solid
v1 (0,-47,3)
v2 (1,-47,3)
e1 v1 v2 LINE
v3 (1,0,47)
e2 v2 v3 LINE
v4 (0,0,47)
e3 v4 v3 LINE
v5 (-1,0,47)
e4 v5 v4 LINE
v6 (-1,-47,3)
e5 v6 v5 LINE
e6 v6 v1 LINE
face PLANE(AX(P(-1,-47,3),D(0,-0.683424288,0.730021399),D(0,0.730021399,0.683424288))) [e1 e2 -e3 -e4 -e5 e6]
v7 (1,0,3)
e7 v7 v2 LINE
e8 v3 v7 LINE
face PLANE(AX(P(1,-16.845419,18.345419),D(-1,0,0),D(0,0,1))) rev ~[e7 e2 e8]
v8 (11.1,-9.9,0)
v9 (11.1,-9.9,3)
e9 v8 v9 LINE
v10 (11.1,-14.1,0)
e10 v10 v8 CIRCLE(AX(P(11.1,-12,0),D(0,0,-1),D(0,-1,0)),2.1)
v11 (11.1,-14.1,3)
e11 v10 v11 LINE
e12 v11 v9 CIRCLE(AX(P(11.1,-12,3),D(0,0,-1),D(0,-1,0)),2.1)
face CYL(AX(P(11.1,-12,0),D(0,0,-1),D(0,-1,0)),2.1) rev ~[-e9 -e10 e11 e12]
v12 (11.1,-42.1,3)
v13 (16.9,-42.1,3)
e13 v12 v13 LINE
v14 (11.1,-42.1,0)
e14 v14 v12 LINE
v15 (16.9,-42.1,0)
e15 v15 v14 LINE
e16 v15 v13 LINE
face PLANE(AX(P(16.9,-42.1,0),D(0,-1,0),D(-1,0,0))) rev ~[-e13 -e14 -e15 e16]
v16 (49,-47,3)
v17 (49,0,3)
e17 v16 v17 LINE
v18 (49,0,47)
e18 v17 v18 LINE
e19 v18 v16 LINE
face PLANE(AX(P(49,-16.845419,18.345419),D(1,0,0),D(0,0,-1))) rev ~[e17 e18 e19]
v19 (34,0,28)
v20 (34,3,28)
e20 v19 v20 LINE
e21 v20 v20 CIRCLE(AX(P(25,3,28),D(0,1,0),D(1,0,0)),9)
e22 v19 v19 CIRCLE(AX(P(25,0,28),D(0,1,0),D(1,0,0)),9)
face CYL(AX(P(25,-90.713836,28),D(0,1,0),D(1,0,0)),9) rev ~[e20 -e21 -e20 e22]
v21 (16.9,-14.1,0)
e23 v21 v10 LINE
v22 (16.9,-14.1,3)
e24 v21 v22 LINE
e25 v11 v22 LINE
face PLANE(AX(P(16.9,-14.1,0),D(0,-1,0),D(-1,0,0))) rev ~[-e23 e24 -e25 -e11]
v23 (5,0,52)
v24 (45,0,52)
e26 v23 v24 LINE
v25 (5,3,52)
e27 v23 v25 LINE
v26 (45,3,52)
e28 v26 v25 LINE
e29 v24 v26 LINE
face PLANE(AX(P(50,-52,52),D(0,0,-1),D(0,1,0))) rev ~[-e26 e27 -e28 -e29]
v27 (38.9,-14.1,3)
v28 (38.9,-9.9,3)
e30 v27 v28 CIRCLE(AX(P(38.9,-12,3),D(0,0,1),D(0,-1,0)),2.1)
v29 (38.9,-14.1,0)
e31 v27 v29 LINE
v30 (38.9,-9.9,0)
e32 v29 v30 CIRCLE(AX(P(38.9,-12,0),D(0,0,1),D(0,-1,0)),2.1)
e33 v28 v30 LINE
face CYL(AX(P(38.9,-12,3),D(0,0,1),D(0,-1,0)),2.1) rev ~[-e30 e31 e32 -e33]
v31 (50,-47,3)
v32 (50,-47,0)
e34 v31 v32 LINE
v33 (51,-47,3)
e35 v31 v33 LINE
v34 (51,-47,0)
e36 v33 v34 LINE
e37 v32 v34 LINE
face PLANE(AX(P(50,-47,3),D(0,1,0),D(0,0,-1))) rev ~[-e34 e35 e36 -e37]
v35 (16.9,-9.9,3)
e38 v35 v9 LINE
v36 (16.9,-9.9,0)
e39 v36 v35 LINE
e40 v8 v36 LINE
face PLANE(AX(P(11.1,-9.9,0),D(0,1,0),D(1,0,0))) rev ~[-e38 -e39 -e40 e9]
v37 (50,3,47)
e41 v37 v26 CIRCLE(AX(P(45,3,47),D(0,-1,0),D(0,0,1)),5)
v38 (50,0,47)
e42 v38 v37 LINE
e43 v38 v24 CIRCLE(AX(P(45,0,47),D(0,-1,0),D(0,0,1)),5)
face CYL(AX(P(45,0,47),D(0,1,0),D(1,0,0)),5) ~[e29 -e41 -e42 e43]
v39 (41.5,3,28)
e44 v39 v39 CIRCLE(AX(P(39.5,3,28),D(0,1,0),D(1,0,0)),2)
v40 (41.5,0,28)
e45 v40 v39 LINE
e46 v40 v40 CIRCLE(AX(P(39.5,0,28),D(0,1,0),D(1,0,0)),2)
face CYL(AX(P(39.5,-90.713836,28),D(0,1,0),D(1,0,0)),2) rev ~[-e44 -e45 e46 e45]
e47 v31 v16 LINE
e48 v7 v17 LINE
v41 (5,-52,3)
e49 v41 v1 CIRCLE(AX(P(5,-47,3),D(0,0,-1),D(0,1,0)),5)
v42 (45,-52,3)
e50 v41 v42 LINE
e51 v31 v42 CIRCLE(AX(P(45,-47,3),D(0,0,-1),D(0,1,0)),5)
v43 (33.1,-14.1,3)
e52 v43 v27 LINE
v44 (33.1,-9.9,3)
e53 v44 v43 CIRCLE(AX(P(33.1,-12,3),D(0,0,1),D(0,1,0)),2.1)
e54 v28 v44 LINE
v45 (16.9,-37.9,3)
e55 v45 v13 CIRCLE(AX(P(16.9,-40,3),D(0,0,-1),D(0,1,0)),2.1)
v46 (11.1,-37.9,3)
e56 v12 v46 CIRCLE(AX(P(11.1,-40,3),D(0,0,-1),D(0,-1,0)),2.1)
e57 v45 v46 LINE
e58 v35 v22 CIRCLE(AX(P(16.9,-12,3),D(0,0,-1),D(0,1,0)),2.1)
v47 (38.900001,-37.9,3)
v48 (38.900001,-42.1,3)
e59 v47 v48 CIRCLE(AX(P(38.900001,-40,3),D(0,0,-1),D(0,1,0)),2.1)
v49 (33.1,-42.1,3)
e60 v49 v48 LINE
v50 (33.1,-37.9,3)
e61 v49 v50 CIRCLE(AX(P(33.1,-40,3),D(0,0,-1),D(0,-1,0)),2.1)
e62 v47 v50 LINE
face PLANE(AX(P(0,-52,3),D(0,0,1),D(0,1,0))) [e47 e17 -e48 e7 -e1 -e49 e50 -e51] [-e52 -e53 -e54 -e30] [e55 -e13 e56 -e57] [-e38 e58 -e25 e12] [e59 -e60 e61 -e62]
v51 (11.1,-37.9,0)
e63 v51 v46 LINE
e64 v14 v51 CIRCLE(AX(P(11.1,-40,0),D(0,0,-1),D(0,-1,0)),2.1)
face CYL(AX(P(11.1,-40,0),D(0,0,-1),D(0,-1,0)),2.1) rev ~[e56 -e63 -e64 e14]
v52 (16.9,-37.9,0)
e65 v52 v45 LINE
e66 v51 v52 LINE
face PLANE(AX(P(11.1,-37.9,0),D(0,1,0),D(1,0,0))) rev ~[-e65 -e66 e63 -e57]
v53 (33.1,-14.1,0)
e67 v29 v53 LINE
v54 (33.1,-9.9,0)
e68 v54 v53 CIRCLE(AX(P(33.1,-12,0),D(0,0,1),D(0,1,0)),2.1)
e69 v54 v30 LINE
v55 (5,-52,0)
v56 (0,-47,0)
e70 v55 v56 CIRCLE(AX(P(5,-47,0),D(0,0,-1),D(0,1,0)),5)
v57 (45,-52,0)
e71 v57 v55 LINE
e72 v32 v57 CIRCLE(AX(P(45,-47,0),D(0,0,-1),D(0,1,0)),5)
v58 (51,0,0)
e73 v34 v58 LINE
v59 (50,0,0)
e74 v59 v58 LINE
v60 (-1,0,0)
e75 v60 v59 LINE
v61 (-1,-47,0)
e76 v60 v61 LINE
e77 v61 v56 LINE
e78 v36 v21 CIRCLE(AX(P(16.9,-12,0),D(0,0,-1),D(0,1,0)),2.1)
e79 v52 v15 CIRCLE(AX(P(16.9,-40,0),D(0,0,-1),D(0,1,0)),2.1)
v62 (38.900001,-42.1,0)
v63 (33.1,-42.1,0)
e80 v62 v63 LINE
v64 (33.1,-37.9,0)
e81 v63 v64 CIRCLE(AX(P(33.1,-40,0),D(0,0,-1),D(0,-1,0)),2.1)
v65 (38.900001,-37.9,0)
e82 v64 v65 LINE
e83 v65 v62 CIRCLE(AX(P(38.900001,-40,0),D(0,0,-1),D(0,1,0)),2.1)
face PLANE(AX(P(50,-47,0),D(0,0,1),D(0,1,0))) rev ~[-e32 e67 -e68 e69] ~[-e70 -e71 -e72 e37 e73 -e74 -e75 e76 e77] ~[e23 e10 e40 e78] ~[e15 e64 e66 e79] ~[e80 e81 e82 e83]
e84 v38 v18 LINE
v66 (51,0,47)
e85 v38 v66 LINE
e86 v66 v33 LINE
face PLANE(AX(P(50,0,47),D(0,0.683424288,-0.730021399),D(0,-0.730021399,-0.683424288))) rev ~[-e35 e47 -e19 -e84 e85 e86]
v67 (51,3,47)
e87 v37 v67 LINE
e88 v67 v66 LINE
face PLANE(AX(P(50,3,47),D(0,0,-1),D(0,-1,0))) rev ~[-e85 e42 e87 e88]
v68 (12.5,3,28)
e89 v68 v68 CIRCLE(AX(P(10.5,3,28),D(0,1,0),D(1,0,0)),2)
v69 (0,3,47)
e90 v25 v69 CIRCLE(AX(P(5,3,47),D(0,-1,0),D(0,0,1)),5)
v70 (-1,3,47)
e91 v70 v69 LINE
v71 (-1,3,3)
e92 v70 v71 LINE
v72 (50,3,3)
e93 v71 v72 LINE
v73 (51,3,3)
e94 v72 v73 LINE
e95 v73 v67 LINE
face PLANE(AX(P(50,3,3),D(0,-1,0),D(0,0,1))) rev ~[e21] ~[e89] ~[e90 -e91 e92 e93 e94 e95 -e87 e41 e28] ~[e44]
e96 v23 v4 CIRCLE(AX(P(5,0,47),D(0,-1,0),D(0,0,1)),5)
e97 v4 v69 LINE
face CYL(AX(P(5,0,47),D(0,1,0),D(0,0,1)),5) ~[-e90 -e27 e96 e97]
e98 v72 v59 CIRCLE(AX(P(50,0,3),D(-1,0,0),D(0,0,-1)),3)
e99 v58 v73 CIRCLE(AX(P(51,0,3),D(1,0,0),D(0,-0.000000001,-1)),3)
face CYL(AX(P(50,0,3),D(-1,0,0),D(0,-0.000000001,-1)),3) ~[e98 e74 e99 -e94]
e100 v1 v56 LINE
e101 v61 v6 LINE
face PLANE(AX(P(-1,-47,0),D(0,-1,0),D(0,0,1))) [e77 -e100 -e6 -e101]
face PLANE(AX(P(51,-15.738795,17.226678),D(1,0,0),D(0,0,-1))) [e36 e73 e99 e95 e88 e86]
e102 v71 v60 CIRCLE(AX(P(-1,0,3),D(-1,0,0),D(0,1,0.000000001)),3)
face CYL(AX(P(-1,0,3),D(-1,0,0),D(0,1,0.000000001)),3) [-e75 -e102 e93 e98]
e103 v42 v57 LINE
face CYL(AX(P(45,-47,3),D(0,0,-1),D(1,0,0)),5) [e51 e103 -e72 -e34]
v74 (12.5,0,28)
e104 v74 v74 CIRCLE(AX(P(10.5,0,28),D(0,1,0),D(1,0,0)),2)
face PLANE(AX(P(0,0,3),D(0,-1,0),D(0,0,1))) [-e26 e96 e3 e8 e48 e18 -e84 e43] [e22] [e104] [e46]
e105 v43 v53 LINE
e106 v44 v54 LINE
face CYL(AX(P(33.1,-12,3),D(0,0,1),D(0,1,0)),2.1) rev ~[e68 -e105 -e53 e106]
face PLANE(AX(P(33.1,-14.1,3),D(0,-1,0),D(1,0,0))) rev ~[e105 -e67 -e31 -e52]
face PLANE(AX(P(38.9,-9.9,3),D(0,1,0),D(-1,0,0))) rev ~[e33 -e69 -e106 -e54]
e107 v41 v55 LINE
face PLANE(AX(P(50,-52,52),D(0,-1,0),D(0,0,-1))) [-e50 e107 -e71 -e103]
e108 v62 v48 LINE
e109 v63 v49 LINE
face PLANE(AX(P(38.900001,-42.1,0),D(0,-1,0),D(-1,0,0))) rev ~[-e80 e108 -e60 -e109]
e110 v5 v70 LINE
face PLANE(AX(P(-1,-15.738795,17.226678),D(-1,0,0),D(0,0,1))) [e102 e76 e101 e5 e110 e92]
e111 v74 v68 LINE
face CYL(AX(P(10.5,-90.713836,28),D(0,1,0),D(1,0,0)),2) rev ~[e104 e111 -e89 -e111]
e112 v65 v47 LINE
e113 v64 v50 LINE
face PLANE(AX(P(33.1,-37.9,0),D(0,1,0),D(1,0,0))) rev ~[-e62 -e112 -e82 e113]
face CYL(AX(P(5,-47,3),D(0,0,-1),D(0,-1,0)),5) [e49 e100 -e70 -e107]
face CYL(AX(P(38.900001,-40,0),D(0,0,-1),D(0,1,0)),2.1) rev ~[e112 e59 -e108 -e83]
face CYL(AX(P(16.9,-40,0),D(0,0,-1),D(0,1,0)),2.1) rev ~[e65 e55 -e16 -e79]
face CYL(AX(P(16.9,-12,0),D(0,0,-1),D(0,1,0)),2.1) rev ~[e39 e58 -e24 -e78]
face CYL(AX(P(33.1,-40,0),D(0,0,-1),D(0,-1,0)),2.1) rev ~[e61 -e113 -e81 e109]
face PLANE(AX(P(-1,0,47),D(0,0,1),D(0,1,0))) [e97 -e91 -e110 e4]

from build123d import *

# Parameters (mm, degrees)
SKETCH1_W                  = 52
SKETCH1_H                  = 55
BOSS_EXTRUDE1_DEPTH        = 50
SKETCH2_W                  = 49
SKETCH2_H                  = 52
CUT_EXTRUDE1_DEPTH         = 89.926936302
CUT_EXTRUDE2_DEPTH         = 89.926936302
CUT_EXTRUDE3_DEPTH         = 89.926936302
CUT_EXTRUDE4_DEPTH         = 89.926936302
CUT_EXTRUDE5_DEPTH         = 88.206651122
F_18_0_18_DIAMETER_HOLE1_D = 18
F_4_0_4_DIAMETER_HOLE1_D   = 4
FILLET1_R                  = 3
FILLET2_R                  = 5
BOSS_EXTRUDE2_DEPTH        = 1
BOSS_EXTRUDE3_DEPTH        = 1
BOSS_EXTRUDE4_START        = 1
BOSS_EXTRUDE4_DEPTH        = 1
BOSS_EXTRUDE5_DEPTH        = 1


with BuildPart() as part:
    # Sketch1 → Boss-Extrude1 (new body)
    with BuildSketch(Plane(origin=(50, 0, 0), x_dir=(0, 0, -1), z_dir=(1, 0, 0))):
        with Locations((-26, -24.5)):
            Rectangle(SKETCH1_W, SKETCH1_H)
    extrude(amount=-BOSS_EXTRUDE1_DEPTH)

    # Sketch2 → Cut-Extrude1 (cut, through all)
    with BuildSketch(Plane.ZY):
        with Locations((27.5, -26)):
            Rectangle(SKETCH2_W, SKETCH2_H)
    extrude(amount=-CUT_EXTRUDE1_DEPTH, mode=Mode.SUBTRACT)

    # Sketch3 → Cut-Extrude2 (cut, through all)
    with BuildSketch(Plane(origin=(0, 0, 0), x_dir=(-1, 0, 0), z_dir=(0, 0, -1))):
        with BuildLine():
            Line((-33.1, -37.9), (-38.900000611, -37.9))
            ThreePointArc((-38.900000611, -37.9), (-41.000000611, -40), (-38.900000611, -42.1))
            Line((-38.900000611, -42.1), (-33.1, -42.1))
            ThreePointArc((-33.1, -42.1), (-31, -40), (-33.1, -37.9))
        make_face()
    extrude(amount=-CUT_EXTRUDE2_DEPTH, mode=Mode.SUBTRACT)

    # Sketch4 → Cut-Extrude3 (cut, through all)
    with BuildSketch(Plane(origin=(0, 0, 0), x_dir=(-1, 0, 0), z_dir=(0, 0, -1))):
        with BuildLine():
            Line((-16.9, -14.1), (-11.1, -14.1))
            ThreePointArc((-11.1, -14.1), (-9, -12), (-11.1, -9.9))
            Line((-11.1, -9.9), (-16.9, -9.9))
            ThreePointArc((-16.9, -9.9), (-19, -12), (-16.9, -14.1))
        make_face()
    extrude(amount=-CUT_EXTRUDE3_DEPTH, mode=Mode.SUBTRACT)

    # Sketch5 → Cut-Extrude4 (cut, through all)
    with BuildSketch(Plane(origin=(0, 0, 0), x_dir=(-1, 0, 0), z_dir=(0, 0, -1))):
        with BuildLine():
            Line((-16.9, -42.1), (-11.1, -42.1))
            ThreePointArc((-11.1, -42.1), (-9, -40), (-11.1, -37.9))
            Line((-11.1, -37.9), (-16.9, -37.9))
            ThreePointArc((-16.9, -37.9), (-19, -40), (-16.9, -42.1))
        make_face()
    extrude(amount=-CUT_EXTRUDE4_DEPTH, mode=Mode.SUBTRACT)

    # Sketch6 → Cut-Extrude5 (cut, through all)
    with BuildSketch(Plane.XY.offset(3)):
        with BuildLine():
            Line((38.9, -9.9), (33.1, -9.9))
            ThreePointArc((33.1, -9.9), (31, -12), (33.1, -14.1))
            Line((33.1, -14.1), (38.9, -14.1))
            ThreePointArc((38.9, -14.1), (41, -12), (38.9, -9.9))
        make_face()
    extrude(amount=-CUT_EXTRUDE5_DEPTH, mode=Mode.SUBTRACT)

    # Ø18.0 (18) Diameter Hole1 (through all)
    with Locations(Plane(origin=(0, 0, 0), x_dir=(-1, 0, 0), z_dir=(0, -1, 0))):
        with Locations((-25, -28)):
            Hole(F_18_0_18_DIAMETER_HOLE1_D / 2)

    # Ø4.0 (4) Diameter Hole1 (through all)
    with Locations(Plane(origin=(0, 0, 0), x_dir=(-1, 0, 0), z_dir=(0, -1, 0))):
        with Locations((-10.5, -28), (-39.5, -28)):
            Hole(F_4_0_4_DIAMETER_HOLE1_D / 2)

    # Fillet1
    fillet1_edges = [part.edges().sort_by_distance(p)[0] for p in [
        (25, 3, 0),
    ]]
    fillet(fillet1_edges, radius=FILLET1_R)

    # Fillet2
    fillet2_edges = [part.edges().sort_by_distance(p)[0] for p in [
        (50, -52, 1.5),
        (0, -52, 1.5),
        (0, 1.5, 52),
        (50, 1.5, 52),
    ]]
    fillet(fillet2_edges, radius=FILLET2_R)

    # Sketch12 → Boss-Extrude2 (add)
    with BuildSketch(Plane.ZY):
        Polygon((3, -47), (47, 0), (3, 0), align=None)
    extrude(amount=-BOSS_EXTRUDE2_DEPTH)

    # Sketch13 → Boss-Extrude3 (add)
    with BuildSketch(Plane(origin=(50, 0, 0), x_dir=(0, 0, -1), z_dir=(1, 0, 0))):
        Polygon((-3, -47), (-3, 0), (-47, 0), align=None)
    extrude(amount=-BOSS_EXTRUDE3_DEPTH)

    # Sketch14 → Boss-Extrude4 (add)
    with BuildSketch(Plane.ZY.offset(BOSS_EXTRUDE4_START)):
        with BuildLine():
            Line((0, 0), (0, -47))
            Line((0, -47), (3, -47))
            Line((3, -47), (47, 0))
            Line((47, 0), (47, 3))
            Line((47, 3), (3, 3))
            ThreePointArc((3, 3), (0.878679656, 2.121320344), (0, 0))
        make_face()
    extrude(amount=-BOSS_EXTRUDE4_DEPTH)

    # Sketch15 → Boss-Extrude5 (add)
    with BuildSketch(Plane(origin=(50, 0, 0), x_dir=(0, 0, -1), z_dir=(1, 0, 0))):
        with BuildLine():
            Line((-3, 3), (-47, 3))
            Line((-47, 3), (-47, 0))
            Line((-47, 0), (-3, -47))
            Line((-3, -47), (0, -47))
            Line((0, -47), (0, 0))
            ThreePointArc((0, 0), (-0.878679656, 2.121320344), (-3, 3))
        make_face()
    extrude(amount=BOSS_EXTRUDE5_DEPTH)


solid = part.part
